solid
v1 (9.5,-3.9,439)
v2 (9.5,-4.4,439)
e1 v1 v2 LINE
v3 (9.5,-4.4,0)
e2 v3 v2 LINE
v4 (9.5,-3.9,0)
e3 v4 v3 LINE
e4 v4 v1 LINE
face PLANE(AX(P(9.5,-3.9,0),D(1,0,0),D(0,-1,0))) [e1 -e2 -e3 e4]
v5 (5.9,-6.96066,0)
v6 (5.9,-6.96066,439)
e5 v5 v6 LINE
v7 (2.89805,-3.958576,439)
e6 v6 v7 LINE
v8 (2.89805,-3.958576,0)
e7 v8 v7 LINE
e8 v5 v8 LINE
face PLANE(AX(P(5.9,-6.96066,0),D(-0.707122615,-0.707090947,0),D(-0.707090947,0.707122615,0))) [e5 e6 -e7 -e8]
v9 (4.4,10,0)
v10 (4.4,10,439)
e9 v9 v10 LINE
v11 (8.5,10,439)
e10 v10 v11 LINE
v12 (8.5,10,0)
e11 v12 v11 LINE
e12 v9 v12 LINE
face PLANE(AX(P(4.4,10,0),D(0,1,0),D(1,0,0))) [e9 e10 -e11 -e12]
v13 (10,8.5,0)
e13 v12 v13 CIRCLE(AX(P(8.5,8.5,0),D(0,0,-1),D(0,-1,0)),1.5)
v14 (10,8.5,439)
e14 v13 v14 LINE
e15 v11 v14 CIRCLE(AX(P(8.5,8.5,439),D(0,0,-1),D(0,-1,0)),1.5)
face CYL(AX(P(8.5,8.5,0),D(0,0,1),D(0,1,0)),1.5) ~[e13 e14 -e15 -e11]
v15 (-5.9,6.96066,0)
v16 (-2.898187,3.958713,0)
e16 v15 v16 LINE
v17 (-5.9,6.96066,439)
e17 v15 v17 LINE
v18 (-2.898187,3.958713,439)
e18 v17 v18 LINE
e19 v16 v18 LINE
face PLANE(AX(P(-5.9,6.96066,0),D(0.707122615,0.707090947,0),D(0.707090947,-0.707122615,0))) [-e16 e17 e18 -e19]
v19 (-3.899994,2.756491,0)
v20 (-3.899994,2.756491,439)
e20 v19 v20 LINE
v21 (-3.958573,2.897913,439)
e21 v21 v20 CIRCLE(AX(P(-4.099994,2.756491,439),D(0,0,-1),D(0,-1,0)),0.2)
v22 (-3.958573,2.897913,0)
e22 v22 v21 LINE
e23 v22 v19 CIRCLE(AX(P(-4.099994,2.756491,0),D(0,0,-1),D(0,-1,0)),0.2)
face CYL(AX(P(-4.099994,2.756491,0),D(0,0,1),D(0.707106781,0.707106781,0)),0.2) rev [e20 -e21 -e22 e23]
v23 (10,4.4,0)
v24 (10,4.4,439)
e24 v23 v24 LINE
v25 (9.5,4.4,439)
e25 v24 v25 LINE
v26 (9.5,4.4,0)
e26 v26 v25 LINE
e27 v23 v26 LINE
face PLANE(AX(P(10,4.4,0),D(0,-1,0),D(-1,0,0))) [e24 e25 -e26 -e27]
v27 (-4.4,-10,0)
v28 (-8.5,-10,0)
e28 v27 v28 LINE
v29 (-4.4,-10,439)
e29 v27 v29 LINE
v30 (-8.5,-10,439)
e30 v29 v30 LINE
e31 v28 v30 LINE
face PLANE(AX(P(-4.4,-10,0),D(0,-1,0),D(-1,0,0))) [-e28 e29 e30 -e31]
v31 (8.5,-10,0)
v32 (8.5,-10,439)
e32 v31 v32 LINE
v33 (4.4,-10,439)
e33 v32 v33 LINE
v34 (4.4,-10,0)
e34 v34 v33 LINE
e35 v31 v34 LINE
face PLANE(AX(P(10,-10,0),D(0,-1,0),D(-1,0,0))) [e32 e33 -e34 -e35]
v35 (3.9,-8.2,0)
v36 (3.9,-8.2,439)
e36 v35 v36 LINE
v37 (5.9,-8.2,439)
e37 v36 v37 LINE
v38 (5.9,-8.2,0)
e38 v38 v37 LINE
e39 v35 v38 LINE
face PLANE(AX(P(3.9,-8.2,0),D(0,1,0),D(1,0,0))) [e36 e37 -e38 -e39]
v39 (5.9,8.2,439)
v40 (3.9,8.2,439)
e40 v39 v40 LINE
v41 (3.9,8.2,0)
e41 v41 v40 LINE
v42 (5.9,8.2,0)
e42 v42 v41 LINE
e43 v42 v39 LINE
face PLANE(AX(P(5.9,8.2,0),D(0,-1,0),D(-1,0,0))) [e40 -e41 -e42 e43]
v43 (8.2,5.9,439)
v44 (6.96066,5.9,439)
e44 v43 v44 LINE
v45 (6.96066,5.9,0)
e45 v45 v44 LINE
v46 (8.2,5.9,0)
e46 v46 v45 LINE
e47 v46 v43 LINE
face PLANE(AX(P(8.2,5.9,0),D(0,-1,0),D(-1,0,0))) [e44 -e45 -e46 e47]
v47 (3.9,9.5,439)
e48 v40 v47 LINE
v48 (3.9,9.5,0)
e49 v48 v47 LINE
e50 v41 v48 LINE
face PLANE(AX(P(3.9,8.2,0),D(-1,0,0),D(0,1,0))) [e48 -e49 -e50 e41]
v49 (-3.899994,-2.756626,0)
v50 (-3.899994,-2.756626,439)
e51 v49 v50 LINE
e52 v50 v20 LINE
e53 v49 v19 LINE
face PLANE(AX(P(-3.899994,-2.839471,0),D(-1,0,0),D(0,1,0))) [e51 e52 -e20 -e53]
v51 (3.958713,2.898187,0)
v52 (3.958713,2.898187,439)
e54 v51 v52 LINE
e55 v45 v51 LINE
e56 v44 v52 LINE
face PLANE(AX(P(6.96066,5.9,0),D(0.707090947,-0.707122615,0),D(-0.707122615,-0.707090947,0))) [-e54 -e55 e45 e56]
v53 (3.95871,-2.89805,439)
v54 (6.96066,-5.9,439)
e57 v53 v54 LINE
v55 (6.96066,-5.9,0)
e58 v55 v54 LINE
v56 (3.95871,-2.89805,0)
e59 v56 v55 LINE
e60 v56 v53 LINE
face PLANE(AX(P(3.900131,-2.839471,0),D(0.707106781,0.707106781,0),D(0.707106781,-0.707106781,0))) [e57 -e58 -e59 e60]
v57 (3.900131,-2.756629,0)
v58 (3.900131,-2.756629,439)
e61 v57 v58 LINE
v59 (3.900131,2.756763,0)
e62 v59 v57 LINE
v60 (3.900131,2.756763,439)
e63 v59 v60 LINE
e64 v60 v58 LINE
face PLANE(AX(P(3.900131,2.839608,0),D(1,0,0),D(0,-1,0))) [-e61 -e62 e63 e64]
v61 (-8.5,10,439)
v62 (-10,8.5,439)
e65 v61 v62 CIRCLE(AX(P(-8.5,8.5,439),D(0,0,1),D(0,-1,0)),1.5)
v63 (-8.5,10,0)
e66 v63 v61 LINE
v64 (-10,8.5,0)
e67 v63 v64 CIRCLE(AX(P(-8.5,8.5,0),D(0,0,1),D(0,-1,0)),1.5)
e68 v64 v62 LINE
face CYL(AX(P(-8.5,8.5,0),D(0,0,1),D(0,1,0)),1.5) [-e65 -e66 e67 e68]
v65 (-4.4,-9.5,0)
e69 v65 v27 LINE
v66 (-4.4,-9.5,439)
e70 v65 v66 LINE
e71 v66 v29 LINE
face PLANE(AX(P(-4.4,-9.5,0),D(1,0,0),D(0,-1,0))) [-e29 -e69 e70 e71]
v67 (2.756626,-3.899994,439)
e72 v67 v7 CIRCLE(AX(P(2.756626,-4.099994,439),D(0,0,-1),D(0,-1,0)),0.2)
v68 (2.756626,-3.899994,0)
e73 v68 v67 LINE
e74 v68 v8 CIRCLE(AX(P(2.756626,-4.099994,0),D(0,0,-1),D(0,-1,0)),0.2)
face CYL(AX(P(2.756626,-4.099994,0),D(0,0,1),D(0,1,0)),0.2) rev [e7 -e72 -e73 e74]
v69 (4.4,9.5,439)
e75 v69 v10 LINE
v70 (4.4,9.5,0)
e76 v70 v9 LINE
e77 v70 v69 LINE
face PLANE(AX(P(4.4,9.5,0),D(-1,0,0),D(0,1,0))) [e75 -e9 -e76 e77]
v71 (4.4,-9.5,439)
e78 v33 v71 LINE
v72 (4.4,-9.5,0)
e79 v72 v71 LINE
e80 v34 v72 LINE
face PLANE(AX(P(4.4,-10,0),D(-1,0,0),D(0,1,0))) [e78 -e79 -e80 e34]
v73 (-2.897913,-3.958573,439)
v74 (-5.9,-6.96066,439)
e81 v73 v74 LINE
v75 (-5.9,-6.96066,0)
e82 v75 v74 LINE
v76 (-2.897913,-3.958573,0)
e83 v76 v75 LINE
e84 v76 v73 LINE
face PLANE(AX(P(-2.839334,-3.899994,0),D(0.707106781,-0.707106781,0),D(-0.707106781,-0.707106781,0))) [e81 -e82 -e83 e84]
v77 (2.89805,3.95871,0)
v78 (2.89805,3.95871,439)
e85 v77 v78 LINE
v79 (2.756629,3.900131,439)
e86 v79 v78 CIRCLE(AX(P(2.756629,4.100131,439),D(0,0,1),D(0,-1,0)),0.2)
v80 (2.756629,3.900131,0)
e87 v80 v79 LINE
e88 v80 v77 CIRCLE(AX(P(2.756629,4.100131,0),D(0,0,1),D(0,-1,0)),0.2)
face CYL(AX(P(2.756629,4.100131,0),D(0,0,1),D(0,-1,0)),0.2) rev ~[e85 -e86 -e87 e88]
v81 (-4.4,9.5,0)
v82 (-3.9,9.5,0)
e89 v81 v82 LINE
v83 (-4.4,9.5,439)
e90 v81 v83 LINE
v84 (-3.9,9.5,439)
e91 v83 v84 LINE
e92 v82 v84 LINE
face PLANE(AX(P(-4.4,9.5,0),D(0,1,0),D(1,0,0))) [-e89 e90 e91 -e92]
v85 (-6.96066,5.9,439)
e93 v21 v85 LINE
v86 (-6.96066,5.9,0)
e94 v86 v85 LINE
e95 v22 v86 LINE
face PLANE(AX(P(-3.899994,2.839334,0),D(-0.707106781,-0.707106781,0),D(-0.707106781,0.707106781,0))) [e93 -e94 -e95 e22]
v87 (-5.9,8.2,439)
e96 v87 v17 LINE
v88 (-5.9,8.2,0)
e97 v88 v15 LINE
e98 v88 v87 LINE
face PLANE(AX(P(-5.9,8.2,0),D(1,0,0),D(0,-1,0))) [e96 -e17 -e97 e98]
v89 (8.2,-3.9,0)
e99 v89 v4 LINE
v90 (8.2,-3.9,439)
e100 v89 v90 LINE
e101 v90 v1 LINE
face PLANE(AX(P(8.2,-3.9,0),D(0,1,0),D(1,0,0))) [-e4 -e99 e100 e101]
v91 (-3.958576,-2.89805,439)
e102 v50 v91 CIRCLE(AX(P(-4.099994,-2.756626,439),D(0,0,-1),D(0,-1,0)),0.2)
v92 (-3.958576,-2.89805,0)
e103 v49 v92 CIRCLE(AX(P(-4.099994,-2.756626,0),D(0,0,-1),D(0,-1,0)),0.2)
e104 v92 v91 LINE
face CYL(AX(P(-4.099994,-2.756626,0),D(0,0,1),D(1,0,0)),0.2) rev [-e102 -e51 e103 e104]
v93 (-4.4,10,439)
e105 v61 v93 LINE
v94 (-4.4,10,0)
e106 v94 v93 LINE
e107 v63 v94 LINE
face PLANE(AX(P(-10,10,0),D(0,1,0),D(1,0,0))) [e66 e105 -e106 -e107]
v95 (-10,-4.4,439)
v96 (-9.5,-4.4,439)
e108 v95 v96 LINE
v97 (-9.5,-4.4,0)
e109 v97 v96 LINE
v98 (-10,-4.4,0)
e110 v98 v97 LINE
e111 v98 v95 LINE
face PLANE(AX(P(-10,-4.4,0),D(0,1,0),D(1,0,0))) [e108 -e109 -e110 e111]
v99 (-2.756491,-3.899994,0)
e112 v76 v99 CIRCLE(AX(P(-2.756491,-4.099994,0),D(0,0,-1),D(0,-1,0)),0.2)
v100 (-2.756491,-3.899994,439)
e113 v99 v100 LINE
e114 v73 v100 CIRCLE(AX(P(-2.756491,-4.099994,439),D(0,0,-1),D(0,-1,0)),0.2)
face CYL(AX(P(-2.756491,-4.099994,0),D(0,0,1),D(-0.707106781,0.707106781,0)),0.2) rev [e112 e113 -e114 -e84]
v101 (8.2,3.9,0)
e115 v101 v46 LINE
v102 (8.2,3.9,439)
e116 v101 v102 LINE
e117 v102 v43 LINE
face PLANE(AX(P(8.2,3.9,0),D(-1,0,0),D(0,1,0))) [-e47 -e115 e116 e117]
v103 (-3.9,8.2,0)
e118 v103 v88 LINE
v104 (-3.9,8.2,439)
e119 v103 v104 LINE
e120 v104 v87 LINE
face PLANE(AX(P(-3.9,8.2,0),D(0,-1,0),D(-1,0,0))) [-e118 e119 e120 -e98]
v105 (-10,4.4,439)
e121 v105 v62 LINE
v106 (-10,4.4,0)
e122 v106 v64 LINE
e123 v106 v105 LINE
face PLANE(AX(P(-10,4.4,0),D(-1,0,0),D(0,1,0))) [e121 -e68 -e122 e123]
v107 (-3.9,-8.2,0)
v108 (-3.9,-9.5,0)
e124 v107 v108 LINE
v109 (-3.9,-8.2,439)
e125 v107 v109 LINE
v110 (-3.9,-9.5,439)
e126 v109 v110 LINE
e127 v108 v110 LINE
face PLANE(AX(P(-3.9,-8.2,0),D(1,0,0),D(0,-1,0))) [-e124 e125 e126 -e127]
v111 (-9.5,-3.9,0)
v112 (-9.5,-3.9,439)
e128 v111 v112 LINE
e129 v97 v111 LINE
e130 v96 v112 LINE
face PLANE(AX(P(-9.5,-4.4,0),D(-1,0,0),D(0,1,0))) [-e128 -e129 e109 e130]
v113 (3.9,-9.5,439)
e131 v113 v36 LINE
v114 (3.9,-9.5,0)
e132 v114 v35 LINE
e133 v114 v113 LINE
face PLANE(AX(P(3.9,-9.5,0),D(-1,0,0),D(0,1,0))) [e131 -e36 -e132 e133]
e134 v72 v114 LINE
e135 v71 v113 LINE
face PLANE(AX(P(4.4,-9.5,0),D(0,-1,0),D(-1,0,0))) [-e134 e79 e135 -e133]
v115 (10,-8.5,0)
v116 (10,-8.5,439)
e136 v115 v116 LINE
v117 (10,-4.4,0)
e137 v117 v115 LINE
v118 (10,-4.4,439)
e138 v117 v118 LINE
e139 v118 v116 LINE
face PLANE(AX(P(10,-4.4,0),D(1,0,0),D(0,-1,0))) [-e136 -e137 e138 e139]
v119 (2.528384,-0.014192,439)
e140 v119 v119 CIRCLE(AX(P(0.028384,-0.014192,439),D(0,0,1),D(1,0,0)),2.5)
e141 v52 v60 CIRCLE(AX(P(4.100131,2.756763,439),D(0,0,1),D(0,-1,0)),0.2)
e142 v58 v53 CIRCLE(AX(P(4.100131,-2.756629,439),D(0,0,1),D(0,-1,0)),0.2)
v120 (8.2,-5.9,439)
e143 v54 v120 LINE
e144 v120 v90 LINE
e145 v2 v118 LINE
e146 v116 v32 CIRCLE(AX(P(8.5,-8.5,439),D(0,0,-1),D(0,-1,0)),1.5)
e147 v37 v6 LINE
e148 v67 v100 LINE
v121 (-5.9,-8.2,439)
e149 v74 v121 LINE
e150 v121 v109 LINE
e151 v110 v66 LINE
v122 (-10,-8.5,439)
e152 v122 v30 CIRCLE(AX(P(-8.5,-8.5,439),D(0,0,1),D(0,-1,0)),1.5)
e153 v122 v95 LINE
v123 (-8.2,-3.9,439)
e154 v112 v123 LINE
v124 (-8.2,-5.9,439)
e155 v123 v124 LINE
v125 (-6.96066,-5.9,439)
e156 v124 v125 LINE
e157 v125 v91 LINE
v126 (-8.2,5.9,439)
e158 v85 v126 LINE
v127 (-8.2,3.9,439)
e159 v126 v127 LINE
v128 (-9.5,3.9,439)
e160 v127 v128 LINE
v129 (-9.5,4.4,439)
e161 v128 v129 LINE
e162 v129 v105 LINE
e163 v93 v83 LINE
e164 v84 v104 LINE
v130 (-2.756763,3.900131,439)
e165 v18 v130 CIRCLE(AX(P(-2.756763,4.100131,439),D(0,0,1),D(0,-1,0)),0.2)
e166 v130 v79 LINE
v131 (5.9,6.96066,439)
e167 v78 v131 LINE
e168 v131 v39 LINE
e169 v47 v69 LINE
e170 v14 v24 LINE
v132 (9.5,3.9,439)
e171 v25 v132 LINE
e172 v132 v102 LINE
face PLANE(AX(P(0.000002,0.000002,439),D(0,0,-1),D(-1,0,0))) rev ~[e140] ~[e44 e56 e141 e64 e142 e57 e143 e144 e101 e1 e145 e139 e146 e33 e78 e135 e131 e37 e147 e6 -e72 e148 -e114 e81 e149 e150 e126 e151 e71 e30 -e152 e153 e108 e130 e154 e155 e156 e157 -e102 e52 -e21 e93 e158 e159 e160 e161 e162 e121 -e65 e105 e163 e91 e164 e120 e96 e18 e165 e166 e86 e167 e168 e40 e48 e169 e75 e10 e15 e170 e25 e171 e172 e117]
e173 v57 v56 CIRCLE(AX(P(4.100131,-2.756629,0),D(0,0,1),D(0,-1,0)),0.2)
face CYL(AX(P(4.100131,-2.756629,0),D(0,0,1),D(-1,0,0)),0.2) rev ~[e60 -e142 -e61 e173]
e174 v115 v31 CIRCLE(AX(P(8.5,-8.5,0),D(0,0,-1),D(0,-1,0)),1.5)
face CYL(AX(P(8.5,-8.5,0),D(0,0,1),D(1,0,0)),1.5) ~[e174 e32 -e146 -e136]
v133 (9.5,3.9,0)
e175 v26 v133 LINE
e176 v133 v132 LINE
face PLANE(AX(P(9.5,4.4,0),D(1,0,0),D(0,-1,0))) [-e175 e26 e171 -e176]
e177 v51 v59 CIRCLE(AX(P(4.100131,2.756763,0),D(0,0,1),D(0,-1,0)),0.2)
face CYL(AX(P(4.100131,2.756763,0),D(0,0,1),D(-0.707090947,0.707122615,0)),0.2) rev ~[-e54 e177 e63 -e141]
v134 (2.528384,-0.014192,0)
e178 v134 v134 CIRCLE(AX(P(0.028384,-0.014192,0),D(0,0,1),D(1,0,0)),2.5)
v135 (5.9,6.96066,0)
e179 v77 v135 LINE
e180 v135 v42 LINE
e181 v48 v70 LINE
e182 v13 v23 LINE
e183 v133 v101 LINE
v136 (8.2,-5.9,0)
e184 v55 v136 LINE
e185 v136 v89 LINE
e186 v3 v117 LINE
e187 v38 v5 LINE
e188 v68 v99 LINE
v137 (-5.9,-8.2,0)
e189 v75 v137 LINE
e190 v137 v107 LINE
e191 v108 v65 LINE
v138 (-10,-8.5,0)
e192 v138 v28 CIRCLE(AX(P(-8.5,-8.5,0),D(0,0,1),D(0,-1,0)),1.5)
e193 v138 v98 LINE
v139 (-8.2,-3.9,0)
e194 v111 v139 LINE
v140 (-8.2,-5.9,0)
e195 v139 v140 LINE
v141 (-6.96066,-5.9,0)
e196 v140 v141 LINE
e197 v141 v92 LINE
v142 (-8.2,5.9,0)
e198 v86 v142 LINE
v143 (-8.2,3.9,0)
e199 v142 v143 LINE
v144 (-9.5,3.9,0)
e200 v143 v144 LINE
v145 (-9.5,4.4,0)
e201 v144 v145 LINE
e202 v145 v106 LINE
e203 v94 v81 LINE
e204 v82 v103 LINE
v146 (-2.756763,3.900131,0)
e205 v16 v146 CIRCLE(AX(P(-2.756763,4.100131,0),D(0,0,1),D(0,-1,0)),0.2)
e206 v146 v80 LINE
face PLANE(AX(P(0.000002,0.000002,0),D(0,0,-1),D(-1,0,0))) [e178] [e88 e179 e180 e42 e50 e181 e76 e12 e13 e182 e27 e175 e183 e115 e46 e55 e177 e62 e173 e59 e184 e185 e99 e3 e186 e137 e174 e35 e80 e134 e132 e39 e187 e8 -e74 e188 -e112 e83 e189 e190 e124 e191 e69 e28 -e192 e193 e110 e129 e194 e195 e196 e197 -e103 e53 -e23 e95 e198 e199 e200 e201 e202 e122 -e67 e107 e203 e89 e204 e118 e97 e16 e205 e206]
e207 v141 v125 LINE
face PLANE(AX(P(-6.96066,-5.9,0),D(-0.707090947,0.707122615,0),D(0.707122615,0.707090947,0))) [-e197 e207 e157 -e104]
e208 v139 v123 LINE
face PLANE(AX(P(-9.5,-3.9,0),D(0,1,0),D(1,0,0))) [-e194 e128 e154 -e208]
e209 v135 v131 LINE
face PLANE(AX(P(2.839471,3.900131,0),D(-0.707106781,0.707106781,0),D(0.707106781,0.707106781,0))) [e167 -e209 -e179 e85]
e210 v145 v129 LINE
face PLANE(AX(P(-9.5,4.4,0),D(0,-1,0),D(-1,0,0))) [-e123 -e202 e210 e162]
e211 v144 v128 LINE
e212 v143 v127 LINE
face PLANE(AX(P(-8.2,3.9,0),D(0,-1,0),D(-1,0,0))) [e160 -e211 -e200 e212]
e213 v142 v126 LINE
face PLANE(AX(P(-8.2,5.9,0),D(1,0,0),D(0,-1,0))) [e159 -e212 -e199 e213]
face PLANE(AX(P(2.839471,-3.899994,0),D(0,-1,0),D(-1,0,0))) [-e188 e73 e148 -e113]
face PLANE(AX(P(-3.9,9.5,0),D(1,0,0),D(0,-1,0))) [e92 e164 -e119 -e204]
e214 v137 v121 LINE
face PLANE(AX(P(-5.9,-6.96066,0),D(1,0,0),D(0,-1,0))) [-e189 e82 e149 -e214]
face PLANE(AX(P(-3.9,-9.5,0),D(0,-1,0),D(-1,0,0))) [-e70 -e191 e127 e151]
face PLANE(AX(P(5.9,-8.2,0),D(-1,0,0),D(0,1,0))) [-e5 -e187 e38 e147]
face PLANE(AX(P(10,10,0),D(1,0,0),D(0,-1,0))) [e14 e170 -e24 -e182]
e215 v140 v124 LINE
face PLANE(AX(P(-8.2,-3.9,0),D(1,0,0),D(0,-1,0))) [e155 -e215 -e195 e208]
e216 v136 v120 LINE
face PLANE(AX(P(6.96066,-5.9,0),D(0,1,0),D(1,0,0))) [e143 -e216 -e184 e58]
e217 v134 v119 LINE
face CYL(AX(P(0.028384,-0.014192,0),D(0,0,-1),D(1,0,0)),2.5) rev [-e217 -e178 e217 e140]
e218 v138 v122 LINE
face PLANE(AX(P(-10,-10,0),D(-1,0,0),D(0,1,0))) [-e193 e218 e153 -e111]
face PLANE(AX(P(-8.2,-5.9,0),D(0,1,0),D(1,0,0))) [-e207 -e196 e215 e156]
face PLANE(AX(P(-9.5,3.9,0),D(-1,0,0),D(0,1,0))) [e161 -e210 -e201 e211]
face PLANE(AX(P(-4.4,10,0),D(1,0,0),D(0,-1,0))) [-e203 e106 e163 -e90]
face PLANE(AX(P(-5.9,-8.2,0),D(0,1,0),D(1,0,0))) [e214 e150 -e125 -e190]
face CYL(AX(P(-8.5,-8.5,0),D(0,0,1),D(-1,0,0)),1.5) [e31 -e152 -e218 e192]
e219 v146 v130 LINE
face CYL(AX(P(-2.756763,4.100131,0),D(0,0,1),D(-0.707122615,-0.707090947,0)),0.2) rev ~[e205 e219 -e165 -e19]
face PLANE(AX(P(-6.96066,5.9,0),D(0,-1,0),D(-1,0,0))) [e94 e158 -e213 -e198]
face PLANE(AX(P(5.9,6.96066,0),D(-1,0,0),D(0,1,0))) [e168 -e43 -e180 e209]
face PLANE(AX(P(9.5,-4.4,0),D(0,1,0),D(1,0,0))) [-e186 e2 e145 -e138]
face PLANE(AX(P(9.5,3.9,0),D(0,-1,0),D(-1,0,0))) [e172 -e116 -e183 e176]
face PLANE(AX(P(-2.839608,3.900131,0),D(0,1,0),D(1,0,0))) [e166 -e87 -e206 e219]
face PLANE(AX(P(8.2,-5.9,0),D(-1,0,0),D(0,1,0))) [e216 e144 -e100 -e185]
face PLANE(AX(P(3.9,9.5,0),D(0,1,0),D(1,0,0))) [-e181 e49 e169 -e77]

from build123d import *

# Parameters (mm, degrees)
SKETCH_1_R      = 2.5
EXTRUDE_1_DEPTH = 439
FILLET_1_R      = 1.5
FILLET_2_R      = 0.2


with BuildPart() as part:
    # 草图1 → 凸台-拉伸1 (new body)
    with BuildSketch(Plane.XY):
        Polygon((-10, 10), (-4.4, 10), (-4.4, 9.5), (-3.9, 9.5), (-3.9, 8.2), (-5.9, 8.2), (-5.9, 6.960660172), (-2.839608303, 3.900131414), (2.839471243, 3.900131414), (5.9, 6.960660172), (5.9, 8.2), (3.9, 8.2), (3.9, 9.5), (4.4, 9.5), (4.4, 10), (10, 10), (10, 4.4), (9.5, 4.4), (9.5, 3.9), (8.2, 3.9), (8.2, 5.9), (6.960660172, 5.9), (3.900131414, 2.839608303), (3.900131414, -2.839471243), (6.960660172, -5.9), (8.2, -5.9), (8.2, -3.9), (9.5, -3.9), (9.5, -4.4), (10, -4.4), (10, -10), (4.4, -10), (4.4, -9.5), (3.9, -9.5), (3.9, -8.2), (5.9, -8.2), (5.9, -6.960660172), (2.839471243, -3.899994348), (-2.839334176, -3.899994348), (-5.9, -6.960660172), (-5.9, -8.2), (-3.9, -8.2), (-3.9, -9.5), (-4.4, -9.5), (-4.4, -10), (-10, -10), (-10, -4.4), (-9.5, -4.4), (-9.5, -3.9), (-8.2, -3.9), (-8.2, -5.9), (-6.960660172, -5.9), (-3.899994348, -2.839471243), (-3.899994348, 2.839334176), (-6.960660172, 5.9), (-8.2, 5.9), (-8.2, 3.9), (-9.5, 3.9), (-9.5, 4.4), (-10, 4.4), align=None)
        with Locations((0.02838442, -0.01419221)):
            Circle(SKETCH_1_R, mode=Mode.SUBTRACT)
    extrude(amount=EXTRUDE_1_DEPTH)

    # 圆角1
    fillet_1_edges = [part.edges().sort_by_distance(p)[0] for p in [
        (10, 10, 219.5),
        (10, -10, 219.5),
        (-10, -10, 219.5),
        (-10, 10, 219.5),
    ]]
    fillet(fillet_1_edges, radius=FILLET_1_R)

    # 圆角2
    fillet_2_edges = [part.edges().sort_by_distance(p)[0] for p in [
        (3.900131414, 2.839608303, 219.5),
        (3.900131414, -2.839471243, 219.5),
        (2.839471243, -3.899994348, 219.5),
        (-2.839334176, -3.899994348, 219.5),
        (-3.899994348, -2.839471243, 219.5),
        (-3.899994348, 2.839334176, 219.5),
        (-2.839608303, 3.900131414, 219.5),
        (2.839471243, 3.900131414, 219.5),
    ]]
    fillet(fillet_2_edges, radius=FILLET_2_R)


solid = part.part
